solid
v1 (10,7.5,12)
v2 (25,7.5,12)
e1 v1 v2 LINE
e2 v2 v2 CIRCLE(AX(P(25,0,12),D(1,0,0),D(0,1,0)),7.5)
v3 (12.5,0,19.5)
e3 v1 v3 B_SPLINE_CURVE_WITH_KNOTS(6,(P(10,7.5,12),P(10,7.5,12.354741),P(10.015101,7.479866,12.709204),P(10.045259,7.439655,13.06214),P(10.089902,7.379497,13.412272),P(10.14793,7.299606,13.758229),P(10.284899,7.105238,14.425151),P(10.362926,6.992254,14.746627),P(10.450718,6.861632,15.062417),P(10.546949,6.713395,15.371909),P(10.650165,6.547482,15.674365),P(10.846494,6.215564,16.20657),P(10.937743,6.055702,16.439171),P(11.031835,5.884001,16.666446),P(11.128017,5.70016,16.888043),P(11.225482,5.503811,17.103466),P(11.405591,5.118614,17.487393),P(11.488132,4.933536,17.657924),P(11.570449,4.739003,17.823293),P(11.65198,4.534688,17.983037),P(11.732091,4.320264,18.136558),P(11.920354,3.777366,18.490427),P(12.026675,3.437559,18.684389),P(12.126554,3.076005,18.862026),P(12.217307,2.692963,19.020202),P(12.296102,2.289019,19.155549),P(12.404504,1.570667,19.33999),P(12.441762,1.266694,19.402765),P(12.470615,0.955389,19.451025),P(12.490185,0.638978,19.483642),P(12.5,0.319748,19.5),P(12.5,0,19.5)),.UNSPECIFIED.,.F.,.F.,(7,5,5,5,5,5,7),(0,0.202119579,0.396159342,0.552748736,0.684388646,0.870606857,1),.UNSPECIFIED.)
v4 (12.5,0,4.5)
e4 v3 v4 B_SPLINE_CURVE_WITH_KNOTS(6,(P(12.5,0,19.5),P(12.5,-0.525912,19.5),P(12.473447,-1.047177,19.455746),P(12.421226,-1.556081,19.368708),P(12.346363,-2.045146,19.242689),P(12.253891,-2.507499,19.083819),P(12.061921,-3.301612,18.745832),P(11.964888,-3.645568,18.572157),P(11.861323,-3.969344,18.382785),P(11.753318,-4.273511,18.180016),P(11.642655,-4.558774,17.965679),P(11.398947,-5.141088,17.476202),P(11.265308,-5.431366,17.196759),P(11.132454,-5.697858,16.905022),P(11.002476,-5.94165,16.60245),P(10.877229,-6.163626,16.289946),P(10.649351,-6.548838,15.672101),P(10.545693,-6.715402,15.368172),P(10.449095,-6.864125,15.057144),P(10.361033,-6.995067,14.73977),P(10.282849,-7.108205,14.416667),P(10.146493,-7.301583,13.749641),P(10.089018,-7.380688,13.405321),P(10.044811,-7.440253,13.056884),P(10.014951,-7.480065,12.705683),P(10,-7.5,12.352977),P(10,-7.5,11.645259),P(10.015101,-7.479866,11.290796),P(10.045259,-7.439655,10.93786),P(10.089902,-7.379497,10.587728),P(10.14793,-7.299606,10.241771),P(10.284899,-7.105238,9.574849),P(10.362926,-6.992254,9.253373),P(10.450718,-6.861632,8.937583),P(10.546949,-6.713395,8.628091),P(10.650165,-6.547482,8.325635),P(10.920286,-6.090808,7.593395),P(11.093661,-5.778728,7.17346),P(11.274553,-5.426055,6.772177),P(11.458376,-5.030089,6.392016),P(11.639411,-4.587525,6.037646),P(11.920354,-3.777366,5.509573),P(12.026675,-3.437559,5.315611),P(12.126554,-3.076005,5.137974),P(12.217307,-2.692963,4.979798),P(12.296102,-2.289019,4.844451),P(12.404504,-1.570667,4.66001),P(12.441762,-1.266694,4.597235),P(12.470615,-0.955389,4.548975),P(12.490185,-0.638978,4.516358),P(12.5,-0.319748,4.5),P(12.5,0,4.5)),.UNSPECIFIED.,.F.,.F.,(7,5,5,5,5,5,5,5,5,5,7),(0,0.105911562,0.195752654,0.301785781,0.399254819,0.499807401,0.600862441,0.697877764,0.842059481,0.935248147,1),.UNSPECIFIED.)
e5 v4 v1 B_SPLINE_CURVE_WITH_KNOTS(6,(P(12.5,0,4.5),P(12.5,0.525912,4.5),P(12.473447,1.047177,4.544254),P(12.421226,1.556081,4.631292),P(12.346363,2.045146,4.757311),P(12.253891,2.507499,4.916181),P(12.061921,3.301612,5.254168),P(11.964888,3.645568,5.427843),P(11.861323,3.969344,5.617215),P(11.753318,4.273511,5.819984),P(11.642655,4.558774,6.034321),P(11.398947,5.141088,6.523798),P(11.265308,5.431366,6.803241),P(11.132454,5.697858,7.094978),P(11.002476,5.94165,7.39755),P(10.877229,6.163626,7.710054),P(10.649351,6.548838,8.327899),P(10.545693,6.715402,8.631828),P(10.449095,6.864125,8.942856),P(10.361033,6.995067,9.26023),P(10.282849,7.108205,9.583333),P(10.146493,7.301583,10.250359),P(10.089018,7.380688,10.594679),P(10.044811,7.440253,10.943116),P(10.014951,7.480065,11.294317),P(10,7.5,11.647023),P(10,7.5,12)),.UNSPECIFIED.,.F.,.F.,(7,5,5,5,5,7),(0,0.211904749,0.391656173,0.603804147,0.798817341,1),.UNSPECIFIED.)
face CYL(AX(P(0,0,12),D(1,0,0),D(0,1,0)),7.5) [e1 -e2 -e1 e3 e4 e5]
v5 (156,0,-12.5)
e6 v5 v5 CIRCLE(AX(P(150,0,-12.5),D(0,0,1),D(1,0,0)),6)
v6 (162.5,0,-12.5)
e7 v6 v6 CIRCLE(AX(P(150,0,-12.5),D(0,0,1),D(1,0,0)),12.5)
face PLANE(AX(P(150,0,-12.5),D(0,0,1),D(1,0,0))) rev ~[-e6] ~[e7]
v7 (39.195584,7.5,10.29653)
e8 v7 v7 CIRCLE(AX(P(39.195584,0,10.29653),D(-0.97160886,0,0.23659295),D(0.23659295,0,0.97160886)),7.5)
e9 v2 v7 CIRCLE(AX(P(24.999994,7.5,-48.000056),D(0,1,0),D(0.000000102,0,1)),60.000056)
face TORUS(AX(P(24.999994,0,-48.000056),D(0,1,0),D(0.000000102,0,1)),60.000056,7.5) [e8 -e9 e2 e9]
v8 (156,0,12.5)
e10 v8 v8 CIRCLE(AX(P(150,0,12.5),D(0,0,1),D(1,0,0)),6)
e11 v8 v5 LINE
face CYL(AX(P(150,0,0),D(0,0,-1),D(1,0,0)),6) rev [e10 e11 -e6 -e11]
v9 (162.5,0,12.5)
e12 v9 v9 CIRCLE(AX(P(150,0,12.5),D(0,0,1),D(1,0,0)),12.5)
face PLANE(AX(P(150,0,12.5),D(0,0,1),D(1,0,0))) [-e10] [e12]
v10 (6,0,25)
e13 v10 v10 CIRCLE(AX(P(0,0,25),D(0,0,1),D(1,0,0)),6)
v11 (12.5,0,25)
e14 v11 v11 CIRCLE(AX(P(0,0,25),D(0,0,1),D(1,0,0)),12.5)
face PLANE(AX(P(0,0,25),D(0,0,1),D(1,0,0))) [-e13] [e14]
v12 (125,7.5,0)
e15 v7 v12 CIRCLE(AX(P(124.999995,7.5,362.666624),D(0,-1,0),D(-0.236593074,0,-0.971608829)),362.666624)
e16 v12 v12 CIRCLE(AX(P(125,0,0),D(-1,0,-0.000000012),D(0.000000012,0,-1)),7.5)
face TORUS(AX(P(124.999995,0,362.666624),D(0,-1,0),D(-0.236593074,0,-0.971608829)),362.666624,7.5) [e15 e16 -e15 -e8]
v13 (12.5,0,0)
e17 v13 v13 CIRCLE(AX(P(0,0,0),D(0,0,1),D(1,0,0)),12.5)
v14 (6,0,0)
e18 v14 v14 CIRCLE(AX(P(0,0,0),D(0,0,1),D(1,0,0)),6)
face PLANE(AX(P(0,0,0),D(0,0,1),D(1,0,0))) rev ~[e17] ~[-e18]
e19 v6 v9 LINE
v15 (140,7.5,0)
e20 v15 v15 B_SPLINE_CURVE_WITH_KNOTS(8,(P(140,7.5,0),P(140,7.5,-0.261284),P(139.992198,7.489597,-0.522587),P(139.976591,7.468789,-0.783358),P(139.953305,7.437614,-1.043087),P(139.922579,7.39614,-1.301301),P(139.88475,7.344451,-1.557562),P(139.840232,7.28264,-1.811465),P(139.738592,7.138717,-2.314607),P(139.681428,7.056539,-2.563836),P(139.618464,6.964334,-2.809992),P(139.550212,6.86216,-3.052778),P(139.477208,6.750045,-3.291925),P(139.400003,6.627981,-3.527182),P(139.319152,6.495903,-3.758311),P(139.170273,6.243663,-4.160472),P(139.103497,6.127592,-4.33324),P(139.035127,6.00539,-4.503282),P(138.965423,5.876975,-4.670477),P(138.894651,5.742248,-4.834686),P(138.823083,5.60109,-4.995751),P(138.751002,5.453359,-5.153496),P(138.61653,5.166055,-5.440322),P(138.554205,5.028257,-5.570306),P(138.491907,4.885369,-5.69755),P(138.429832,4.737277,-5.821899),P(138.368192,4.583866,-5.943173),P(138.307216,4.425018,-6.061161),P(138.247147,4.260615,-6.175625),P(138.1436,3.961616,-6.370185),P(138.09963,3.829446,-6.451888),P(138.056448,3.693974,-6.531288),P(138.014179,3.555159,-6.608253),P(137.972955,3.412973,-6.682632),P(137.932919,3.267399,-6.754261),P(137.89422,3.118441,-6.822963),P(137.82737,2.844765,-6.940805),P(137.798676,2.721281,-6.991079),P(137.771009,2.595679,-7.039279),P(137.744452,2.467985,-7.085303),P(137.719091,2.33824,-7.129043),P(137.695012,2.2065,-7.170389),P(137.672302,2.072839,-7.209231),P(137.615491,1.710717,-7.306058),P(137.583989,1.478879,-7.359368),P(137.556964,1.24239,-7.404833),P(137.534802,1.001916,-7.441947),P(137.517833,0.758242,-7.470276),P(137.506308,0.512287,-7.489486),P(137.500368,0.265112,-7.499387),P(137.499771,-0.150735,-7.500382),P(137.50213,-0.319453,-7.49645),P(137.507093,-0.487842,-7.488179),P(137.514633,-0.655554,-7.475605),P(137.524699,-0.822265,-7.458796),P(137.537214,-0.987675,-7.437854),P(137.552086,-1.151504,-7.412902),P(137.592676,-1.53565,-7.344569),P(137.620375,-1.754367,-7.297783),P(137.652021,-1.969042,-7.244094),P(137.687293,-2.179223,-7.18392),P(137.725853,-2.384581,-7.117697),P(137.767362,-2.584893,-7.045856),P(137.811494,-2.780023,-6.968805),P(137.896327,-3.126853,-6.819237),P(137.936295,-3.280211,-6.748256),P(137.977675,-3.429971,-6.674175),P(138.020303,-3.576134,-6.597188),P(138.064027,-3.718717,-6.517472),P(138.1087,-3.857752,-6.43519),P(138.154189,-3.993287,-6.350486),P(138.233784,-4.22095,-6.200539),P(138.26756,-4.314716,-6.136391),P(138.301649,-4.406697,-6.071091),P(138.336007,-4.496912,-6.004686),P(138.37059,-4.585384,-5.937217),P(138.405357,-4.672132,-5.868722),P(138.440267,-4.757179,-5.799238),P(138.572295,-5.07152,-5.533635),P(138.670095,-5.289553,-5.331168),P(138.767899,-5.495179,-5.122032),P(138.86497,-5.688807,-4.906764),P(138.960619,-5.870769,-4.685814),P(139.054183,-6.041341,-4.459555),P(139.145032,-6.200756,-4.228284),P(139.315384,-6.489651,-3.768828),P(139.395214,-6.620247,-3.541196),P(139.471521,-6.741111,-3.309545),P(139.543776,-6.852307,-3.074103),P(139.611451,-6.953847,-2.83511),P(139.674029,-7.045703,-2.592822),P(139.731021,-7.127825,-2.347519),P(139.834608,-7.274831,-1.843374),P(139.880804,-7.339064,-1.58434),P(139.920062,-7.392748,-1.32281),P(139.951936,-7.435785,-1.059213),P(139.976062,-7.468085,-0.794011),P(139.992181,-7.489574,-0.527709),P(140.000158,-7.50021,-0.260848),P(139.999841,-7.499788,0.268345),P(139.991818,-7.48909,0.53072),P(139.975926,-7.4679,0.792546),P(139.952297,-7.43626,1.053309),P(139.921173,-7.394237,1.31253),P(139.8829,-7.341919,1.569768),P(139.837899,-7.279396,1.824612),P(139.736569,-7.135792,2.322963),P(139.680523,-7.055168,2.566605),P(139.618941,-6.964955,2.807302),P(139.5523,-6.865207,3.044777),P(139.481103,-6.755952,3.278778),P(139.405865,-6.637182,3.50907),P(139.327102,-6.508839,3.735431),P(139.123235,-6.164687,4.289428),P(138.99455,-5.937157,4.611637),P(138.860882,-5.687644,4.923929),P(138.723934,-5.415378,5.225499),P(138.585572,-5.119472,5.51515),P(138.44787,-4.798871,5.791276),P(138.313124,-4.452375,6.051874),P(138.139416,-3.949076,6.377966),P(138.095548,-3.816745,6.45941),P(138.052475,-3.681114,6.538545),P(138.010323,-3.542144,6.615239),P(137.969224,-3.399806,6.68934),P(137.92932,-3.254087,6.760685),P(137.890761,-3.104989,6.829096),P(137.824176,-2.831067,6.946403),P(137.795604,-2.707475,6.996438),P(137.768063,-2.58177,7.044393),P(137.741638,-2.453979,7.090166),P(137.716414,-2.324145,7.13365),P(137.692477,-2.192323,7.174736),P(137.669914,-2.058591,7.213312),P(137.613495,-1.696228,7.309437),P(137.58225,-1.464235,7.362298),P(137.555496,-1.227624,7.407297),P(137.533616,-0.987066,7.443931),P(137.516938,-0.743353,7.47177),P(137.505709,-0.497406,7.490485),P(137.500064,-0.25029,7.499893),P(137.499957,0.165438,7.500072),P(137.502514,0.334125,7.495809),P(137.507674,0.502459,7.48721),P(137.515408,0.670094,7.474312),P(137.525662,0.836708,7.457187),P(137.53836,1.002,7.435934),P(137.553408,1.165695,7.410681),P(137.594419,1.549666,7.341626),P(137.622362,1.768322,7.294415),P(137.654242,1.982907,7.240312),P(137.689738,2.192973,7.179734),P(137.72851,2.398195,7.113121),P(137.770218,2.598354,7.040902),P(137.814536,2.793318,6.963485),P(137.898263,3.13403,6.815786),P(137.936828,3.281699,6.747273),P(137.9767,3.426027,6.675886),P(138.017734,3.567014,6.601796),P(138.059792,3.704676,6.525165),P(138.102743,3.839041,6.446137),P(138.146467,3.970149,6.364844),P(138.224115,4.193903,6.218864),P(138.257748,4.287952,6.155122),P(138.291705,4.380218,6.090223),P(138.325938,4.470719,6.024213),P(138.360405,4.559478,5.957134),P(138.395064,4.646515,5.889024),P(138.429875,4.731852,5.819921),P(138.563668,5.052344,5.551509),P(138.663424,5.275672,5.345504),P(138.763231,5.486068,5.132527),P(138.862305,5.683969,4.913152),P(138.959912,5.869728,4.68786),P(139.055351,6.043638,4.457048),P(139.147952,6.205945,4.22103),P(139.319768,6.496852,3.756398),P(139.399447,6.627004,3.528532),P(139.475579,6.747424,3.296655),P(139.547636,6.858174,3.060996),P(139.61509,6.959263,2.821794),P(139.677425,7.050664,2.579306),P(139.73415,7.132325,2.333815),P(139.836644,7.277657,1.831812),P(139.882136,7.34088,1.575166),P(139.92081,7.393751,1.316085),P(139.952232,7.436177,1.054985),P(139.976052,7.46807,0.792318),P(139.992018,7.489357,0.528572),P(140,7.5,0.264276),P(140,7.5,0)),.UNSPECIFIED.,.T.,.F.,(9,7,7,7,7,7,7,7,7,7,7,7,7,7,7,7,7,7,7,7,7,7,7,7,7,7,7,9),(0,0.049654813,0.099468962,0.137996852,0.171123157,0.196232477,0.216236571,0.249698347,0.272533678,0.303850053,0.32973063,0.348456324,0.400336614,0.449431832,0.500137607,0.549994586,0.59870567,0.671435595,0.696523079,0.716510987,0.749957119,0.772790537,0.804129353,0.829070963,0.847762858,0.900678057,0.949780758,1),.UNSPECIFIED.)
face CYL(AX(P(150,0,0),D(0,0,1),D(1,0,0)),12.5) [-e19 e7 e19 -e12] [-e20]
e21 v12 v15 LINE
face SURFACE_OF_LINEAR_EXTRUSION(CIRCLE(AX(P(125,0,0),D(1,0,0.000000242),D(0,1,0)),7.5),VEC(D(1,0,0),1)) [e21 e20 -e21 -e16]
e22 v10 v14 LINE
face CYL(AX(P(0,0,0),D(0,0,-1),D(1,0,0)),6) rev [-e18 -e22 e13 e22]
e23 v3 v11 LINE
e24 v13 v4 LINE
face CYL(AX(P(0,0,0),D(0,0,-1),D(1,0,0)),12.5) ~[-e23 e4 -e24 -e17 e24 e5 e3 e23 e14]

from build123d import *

# Parameters (mm, degrees)
F0_R     = 12.5
F0_R_2   = 6
F1_DEPTH = 25
F3_R     = 7.5
F4_R     = 12.5
F4_R_2   = 6
F6_DEPTH = 12.5
F7_R     = 6
F8_DEPTH = 25.001
F9_DEPTH = 12.5


with BuildPart() as f1:
    # F0 (on Top) → F1 (new body)
    with BuildSketch(Plane.XY):
        Circle(F0_R)
        Circle(F0_R_2, mode=Mode.SUBTRACT)
    extrude(amount=F1_DEPTH)

    # F5: sweep along a path in F2
    with BuildLine(Plane.XZ) as f5_path:
        Line((0, 12), (25, 12))
        ThreePointArc((25, 12), (32.148713, 11.57261), (39.195584, 10.29653))
        ThreePointArc((39.195584, 10.29653), (81.79, 2.583333), (125, 0))
        Line((125, 0), (150, 0))
    # F3 (on Right) → F5 (sweep)
    with BuildSketch(Plane.YZ):
        with Locations((0, 12)):
            Circle(F3_R)
    sweep(path=f5_path.line)

    # F4 (on Top) → F6 (join, symmetric)
    with BuildSketch(Plane.XY):
        with Locations((150, 0)):
            Circle(F4_R)
        with Locations((150, 0)):
            Circle(F4_R_2, mode=Mode.SUBTRACT)
    extrude(amount=F6_DEPTH, both=True)

    # F7 (on Top) → F8 (cut, through all)
    with BuildSketch(Plane.XY):
        Circle(F7_R)
    extrude(amount=F8_DEPTH, mode=Mode.SUBTRACT)

    # F4 (on Top) → F9 (cut, symmetric)
    with BuildSketch(Plane.XY):
        with Locations((150, 0)):
            Circle(F4_R_2)
    extrude(amount=F9_DEPTH, both=True, mode=Mode.SUBTRACT)


solid = f1.part
